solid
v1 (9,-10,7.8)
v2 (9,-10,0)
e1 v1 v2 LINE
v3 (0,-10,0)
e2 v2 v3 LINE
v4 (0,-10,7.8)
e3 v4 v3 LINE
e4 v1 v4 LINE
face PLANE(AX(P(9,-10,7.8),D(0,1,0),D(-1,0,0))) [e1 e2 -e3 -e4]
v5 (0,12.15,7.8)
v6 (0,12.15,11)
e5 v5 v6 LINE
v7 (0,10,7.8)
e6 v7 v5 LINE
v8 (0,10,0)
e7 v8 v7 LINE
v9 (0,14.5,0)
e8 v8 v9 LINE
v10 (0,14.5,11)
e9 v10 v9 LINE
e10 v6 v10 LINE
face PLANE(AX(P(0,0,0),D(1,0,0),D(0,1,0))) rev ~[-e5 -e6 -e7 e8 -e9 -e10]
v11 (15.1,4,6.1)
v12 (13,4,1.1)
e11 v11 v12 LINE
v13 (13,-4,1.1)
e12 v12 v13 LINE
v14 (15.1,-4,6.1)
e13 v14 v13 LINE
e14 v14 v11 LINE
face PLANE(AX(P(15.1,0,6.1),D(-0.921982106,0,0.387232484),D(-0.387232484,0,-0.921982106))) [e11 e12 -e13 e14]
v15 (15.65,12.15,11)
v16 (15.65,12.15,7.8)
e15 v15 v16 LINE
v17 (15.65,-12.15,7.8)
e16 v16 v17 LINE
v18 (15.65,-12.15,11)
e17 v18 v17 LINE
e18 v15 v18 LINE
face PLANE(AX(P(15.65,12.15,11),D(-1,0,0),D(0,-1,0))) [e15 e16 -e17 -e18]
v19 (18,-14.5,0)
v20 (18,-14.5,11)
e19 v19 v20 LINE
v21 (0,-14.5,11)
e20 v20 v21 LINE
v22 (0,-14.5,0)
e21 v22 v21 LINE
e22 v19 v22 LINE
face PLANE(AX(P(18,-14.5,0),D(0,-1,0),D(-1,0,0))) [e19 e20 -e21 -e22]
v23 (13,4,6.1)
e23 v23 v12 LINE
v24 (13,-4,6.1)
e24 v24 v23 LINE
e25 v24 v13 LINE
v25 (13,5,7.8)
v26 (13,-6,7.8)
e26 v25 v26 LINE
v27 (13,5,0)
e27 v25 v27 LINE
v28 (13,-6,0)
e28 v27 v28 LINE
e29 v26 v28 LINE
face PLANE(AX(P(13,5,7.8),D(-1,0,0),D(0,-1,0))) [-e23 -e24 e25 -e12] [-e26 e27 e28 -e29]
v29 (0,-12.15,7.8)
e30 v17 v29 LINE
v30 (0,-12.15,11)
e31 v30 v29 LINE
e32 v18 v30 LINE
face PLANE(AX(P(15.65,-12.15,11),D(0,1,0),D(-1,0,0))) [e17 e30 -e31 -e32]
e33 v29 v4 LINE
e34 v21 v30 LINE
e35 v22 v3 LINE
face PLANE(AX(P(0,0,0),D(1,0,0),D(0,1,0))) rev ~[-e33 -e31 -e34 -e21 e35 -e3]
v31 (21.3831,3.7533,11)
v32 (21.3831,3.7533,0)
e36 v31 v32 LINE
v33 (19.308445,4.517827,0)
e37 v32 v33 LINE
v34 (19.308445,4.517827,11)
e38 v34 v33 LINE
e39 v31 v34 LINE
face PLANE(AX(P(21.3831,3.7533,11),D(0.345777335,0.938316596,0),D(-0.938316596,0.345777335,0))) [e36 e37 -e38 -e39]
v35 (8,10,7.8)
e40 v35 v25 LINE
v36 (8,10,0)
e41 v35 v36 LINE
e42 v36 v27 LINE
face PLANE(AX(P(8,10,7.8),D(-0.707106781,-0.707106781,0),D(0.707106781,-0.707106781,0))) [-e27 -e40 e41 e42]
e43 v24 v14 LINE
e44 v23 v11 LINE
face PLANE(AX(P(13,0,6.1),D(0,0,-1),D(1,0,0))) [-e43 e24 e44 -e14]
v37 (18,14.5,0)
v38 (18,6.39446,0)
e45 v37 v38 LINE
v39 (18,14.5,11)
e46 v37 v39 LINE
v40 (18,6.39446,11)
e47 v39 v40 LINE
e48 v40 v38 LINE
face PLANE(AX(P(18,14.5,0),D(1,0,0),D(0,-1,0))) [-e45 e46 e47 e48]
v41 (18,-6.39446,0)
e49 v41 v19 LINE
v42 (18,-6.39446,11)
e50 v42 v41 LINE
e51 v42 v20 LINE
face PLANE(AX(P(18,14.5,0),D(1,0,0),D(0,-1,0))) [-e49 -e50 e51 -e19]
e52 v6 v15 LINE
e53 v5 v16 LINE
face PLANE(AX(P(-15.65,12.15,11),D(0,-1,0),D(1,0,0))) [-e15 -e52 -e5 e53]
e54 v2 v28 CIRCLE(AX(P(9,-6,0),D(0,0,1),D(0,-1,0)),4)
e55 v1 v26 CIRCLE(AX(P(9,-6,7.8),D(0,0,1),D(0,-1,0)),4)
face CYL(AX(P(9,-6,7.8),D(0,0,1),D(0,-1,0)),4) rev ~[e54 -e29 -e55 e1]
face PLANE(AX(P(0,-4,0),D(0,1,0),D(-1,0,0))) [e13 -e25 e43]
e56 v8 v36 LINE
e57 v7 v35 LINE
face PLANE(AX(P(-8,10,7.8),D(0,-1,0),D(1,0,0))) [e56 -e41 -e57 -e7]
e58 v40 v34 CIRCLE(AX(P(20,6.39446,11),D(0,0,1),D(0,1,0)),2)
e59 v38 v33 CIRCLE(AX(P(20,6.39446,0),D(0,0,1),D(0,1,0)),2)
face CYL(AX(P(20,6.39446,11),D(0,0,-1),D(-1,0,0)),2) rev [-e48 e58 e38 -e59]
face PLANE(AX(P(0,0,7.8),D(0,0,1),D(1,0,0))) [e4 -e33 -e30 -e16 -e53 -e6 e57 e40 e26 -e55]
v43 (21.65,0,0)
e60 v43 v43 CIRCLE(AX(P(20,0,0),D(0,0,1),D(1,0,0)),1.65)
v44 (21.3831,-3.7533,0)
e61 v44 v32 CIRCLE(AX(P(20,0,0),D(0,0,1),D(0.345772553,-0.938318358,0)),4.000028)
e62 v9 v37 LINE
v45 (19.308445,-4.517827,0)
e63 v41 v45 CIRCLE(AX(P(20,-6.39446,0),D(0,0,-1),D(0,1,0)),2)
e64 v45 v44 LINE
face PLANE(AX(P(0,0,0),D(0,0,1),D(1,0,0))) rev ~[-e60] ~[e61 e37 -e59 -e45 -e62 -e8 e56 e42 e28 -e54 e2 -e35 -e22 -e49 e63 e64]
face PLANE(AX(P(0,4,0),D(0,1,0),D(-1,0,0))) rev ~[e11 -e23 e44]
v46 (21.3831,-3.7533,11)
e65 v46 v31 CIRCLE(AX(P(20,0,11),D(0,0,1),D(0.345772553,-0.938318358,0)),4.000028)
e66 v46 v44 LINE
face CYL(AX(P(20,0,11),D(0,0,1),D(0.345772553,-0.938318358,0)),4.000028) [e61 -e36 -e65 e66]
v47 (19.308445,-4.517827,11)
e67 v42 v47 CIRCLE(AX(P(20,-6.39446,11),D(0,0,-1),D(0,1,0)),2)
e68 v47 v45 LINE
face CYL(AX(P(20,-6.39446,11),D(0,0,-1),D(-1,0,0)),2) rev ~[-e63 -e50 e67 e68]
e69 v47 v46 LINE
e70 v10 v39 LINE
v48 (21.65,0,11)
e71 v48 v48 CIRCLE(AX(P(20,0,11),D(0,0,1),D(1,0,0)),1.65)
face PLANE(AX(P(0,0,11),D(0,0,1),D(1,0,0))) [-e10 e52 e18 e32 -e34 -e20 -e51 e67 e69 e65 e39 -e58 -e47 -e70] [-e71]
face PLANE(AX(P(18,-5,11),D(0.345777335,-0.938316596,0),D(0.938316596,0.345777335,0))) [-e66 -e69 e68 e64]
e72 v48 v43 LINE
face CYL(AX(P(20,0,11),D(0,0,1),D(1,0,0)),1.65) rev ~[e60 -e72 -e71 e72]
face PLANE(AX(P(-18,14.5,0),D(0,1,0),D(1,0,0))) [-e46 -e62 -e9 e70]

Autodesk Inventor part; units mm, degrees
ref_plane "YZ Plane" through (0, 0, 0) normal (1, 0, 0) x (0, 1, 0)
ref_plane "XZ Plane" through (0, 0, 0) normal (0, 1, 0) x (-1, 0, 0)
ref_plane "XY Plane" through (0, 0, 0) normal (0, 0, 1) x (1, 0, 0)
sketch "Sketch2" plane through (0, 0, 0) normal (0, 0, 1) x (1, 0, 0)
  line L0 (-18, 14.5) -> (18, 14.5)
  line L1 (18, 14.5) -> (18, -14.5)
  line L2 (18, -14.5) -> (-18, -14.5)
  line L3 (-18, -14.5) -> (-18, 14.5)
  line L4 (-18, 14.5) -> (18, -14.5) construction
  line L5 (18, 14.5) -> (-18, -14.5) construction
  point P0 (0, 0)
  dimension "d0" = 29
  dimension "d1" = 36
extrude "Extrusion1" add sketch "Sketch2" along normal blind 11
sketch "Sketch3" plane through (0, 0, 11) normal (0, 0, 1) x (1, 0, 0)
  line L0 (-15.65, 12.15) -> (15.65, 12.15)
  line L1 (15.65, 12.15) -> (15.65, -12.15)
  line L2 (15.65, -12.15) -> (-15.65, -12.15)
  line L3 (-15.65, -12.15) -> (-15.65, 12.15)
  line L4 (-15.65, 12.15) -> (15.65, -12.15) construction
  line L5 (15.65, 12.15) -> (-15.65, -12.15) construction
  point P0 (0, 0)
  dimension "d4" = 31.3
  dimension "d5" = 24.3
extrude "Extrusion2" cut sketch "Sketch3" against normal blind 3.2
sketch "Sketch4" plane through (0, 0, 7.8) normal (0, 0, 1) x (1, 0, 0)
  line L0 (-8, 10) -> (8, 10)
  line L1 (13, 5) -> (13, -6)
  line L2 (9, -10) -> (-9, -10)
  line L3 (-13, -6) -> (-13, 5)
  line L4 (-13, 10) -> (13, -10) construction
  line L5 (13, 10) -> (-13, -10) construction
  line L6 (-13, 5) -> (-8, 10)
  line L7 (8, 10) -> (13, 5)
  arc A0 (-13, -6) -> (-9, -10) centre (-9, -6) ccw
  arc A1 (9, -10) -> (13, -6) centre (9, -6) ccw
  point P0 (0, 0)
  point P1 (-13, -4)
  point P2 (13, -4)
  dimension "d8" = 26
  dimension "d9" = 20
  dimension "d10" = 5
  dimension "d11" = 5
  dimension "d12" = 5
  dimension "d13" = 5
  dimension "d14" = 4
extrude "Extrusion3" cut sketch "Sketch4" against normal through all
sketch "Sketch6" plane through (0, 0, 0) normal (0, 1, 0) x (-1, 0, 0)
  line L0 (13, 7.8) -> (13, 0) projected
  line L1 (13, 6.1) -> (15.1, 6.1)
  line L2 (15.1, 6.1) -> (13, 1.1)
  line L3 (13, 1.1) -> (13, 6.1)
  line L4 (15.65, 7.8) -> (-15.65, 7.8) projected
  line L5 (0, 0) -> (0, 10.1915) construction
  line L6 (-13, 7.8) -> (-13, 0)
  line L7 (-13, 6.1) -> (-15.1, 6.1)
  line L8 (-15.1, 6.1) -> (-13, 1.1)
  line L9 (-13, 1.1) -> (-13, 6.1)
  line L10 (-15.65, 7.8) -> (15.65, 7.8)
  dimension "d23" = 2.1
  dimension "d24" = 5
  dimension "d25" = 1.7
extrude "Extrusion5" cut sketch "Sketch6" along normal mid plane 8
sketch "Sketch7" plane through (0, 0, 11) normal (0, 0, 1) x (1, 0, 0)
  arc A0 (21.3831, -3.7533) -> (21.3831, 3.7533) centre (20, 0) ccw
  line L0 (21.3831, 3.7533) -> (18, 5)
  line L1 (18, 5) -> (18, -5)
  line L2 (13, 5) -> (13, -6) projected
  line L3 (18, -5) -> (21.3831, -3.7533)
  line L4 (0, 20.7674) -> (0, -20.7674) construction
  arc A1 (-21.3831, 3.7533) -> (-21.3831, -3.7533) centre (-20, 0) ccw
  line L5 (-21.3831, 3.7533) -> (-18, 5)
  line L6 (-18, 5) -> (-18, -5)
  line L7 (-18, -5) -> (-21.3831, -3.7533)
  line L8 (18, -14.5) -> (18, 14.5) construction
  circle A2 centre (20, 0) radius 1.65
  circle A3 centre (-20, 0) radius 1.65
  line L9 (0, 0) -> (1.9739, 0) construction
  dimension "d28" = 3.3
  dimension "d29" = 4
  dimension "d30" = 40
  dimension "d31" = 10
extrude "Extrusion6" add sketch "Sketch7" against normal up to surface (11 mm away)
fillet "Fillet1" radius 2 4 edges at (18, -5, 5.5) (18, 5, 5.5) (-18, 5, 5.5) (-18, -5, 5.5)
sketch "Sketch8" plane through (0, 0, 0) normal (1, 0, 0) x (0, 1, 0)
  line L0 (45.1511, -28.2394) -> (-45.1511, -28.2394)
  line L1 (-45.1511, -28.2394) -> (-45.1511, 28.2394)
  line L2 (-45.1511, 28.2394) -> (45.1511, 28.2394)
  line L3 (45.1511, 28.2394) -> (45.1511, -28.2394)
  line L4 (45.1511, -28.2394) -> (-45.1511, 28.2394) construction
  line L5 (-45.1511, -28.2394) -> (45.1511, 28.2394) construction
  point P0 (0, 0)
extrude "Extrusion7" cut sketch "Sketch8" against normal through all
equation "\"d11\" = d10"
equation "\"d12\" = d10"
equation "\"d13\" = d12"
properties part number "power_signal_socket_fixed1" material "Acetal Resin, Black"
